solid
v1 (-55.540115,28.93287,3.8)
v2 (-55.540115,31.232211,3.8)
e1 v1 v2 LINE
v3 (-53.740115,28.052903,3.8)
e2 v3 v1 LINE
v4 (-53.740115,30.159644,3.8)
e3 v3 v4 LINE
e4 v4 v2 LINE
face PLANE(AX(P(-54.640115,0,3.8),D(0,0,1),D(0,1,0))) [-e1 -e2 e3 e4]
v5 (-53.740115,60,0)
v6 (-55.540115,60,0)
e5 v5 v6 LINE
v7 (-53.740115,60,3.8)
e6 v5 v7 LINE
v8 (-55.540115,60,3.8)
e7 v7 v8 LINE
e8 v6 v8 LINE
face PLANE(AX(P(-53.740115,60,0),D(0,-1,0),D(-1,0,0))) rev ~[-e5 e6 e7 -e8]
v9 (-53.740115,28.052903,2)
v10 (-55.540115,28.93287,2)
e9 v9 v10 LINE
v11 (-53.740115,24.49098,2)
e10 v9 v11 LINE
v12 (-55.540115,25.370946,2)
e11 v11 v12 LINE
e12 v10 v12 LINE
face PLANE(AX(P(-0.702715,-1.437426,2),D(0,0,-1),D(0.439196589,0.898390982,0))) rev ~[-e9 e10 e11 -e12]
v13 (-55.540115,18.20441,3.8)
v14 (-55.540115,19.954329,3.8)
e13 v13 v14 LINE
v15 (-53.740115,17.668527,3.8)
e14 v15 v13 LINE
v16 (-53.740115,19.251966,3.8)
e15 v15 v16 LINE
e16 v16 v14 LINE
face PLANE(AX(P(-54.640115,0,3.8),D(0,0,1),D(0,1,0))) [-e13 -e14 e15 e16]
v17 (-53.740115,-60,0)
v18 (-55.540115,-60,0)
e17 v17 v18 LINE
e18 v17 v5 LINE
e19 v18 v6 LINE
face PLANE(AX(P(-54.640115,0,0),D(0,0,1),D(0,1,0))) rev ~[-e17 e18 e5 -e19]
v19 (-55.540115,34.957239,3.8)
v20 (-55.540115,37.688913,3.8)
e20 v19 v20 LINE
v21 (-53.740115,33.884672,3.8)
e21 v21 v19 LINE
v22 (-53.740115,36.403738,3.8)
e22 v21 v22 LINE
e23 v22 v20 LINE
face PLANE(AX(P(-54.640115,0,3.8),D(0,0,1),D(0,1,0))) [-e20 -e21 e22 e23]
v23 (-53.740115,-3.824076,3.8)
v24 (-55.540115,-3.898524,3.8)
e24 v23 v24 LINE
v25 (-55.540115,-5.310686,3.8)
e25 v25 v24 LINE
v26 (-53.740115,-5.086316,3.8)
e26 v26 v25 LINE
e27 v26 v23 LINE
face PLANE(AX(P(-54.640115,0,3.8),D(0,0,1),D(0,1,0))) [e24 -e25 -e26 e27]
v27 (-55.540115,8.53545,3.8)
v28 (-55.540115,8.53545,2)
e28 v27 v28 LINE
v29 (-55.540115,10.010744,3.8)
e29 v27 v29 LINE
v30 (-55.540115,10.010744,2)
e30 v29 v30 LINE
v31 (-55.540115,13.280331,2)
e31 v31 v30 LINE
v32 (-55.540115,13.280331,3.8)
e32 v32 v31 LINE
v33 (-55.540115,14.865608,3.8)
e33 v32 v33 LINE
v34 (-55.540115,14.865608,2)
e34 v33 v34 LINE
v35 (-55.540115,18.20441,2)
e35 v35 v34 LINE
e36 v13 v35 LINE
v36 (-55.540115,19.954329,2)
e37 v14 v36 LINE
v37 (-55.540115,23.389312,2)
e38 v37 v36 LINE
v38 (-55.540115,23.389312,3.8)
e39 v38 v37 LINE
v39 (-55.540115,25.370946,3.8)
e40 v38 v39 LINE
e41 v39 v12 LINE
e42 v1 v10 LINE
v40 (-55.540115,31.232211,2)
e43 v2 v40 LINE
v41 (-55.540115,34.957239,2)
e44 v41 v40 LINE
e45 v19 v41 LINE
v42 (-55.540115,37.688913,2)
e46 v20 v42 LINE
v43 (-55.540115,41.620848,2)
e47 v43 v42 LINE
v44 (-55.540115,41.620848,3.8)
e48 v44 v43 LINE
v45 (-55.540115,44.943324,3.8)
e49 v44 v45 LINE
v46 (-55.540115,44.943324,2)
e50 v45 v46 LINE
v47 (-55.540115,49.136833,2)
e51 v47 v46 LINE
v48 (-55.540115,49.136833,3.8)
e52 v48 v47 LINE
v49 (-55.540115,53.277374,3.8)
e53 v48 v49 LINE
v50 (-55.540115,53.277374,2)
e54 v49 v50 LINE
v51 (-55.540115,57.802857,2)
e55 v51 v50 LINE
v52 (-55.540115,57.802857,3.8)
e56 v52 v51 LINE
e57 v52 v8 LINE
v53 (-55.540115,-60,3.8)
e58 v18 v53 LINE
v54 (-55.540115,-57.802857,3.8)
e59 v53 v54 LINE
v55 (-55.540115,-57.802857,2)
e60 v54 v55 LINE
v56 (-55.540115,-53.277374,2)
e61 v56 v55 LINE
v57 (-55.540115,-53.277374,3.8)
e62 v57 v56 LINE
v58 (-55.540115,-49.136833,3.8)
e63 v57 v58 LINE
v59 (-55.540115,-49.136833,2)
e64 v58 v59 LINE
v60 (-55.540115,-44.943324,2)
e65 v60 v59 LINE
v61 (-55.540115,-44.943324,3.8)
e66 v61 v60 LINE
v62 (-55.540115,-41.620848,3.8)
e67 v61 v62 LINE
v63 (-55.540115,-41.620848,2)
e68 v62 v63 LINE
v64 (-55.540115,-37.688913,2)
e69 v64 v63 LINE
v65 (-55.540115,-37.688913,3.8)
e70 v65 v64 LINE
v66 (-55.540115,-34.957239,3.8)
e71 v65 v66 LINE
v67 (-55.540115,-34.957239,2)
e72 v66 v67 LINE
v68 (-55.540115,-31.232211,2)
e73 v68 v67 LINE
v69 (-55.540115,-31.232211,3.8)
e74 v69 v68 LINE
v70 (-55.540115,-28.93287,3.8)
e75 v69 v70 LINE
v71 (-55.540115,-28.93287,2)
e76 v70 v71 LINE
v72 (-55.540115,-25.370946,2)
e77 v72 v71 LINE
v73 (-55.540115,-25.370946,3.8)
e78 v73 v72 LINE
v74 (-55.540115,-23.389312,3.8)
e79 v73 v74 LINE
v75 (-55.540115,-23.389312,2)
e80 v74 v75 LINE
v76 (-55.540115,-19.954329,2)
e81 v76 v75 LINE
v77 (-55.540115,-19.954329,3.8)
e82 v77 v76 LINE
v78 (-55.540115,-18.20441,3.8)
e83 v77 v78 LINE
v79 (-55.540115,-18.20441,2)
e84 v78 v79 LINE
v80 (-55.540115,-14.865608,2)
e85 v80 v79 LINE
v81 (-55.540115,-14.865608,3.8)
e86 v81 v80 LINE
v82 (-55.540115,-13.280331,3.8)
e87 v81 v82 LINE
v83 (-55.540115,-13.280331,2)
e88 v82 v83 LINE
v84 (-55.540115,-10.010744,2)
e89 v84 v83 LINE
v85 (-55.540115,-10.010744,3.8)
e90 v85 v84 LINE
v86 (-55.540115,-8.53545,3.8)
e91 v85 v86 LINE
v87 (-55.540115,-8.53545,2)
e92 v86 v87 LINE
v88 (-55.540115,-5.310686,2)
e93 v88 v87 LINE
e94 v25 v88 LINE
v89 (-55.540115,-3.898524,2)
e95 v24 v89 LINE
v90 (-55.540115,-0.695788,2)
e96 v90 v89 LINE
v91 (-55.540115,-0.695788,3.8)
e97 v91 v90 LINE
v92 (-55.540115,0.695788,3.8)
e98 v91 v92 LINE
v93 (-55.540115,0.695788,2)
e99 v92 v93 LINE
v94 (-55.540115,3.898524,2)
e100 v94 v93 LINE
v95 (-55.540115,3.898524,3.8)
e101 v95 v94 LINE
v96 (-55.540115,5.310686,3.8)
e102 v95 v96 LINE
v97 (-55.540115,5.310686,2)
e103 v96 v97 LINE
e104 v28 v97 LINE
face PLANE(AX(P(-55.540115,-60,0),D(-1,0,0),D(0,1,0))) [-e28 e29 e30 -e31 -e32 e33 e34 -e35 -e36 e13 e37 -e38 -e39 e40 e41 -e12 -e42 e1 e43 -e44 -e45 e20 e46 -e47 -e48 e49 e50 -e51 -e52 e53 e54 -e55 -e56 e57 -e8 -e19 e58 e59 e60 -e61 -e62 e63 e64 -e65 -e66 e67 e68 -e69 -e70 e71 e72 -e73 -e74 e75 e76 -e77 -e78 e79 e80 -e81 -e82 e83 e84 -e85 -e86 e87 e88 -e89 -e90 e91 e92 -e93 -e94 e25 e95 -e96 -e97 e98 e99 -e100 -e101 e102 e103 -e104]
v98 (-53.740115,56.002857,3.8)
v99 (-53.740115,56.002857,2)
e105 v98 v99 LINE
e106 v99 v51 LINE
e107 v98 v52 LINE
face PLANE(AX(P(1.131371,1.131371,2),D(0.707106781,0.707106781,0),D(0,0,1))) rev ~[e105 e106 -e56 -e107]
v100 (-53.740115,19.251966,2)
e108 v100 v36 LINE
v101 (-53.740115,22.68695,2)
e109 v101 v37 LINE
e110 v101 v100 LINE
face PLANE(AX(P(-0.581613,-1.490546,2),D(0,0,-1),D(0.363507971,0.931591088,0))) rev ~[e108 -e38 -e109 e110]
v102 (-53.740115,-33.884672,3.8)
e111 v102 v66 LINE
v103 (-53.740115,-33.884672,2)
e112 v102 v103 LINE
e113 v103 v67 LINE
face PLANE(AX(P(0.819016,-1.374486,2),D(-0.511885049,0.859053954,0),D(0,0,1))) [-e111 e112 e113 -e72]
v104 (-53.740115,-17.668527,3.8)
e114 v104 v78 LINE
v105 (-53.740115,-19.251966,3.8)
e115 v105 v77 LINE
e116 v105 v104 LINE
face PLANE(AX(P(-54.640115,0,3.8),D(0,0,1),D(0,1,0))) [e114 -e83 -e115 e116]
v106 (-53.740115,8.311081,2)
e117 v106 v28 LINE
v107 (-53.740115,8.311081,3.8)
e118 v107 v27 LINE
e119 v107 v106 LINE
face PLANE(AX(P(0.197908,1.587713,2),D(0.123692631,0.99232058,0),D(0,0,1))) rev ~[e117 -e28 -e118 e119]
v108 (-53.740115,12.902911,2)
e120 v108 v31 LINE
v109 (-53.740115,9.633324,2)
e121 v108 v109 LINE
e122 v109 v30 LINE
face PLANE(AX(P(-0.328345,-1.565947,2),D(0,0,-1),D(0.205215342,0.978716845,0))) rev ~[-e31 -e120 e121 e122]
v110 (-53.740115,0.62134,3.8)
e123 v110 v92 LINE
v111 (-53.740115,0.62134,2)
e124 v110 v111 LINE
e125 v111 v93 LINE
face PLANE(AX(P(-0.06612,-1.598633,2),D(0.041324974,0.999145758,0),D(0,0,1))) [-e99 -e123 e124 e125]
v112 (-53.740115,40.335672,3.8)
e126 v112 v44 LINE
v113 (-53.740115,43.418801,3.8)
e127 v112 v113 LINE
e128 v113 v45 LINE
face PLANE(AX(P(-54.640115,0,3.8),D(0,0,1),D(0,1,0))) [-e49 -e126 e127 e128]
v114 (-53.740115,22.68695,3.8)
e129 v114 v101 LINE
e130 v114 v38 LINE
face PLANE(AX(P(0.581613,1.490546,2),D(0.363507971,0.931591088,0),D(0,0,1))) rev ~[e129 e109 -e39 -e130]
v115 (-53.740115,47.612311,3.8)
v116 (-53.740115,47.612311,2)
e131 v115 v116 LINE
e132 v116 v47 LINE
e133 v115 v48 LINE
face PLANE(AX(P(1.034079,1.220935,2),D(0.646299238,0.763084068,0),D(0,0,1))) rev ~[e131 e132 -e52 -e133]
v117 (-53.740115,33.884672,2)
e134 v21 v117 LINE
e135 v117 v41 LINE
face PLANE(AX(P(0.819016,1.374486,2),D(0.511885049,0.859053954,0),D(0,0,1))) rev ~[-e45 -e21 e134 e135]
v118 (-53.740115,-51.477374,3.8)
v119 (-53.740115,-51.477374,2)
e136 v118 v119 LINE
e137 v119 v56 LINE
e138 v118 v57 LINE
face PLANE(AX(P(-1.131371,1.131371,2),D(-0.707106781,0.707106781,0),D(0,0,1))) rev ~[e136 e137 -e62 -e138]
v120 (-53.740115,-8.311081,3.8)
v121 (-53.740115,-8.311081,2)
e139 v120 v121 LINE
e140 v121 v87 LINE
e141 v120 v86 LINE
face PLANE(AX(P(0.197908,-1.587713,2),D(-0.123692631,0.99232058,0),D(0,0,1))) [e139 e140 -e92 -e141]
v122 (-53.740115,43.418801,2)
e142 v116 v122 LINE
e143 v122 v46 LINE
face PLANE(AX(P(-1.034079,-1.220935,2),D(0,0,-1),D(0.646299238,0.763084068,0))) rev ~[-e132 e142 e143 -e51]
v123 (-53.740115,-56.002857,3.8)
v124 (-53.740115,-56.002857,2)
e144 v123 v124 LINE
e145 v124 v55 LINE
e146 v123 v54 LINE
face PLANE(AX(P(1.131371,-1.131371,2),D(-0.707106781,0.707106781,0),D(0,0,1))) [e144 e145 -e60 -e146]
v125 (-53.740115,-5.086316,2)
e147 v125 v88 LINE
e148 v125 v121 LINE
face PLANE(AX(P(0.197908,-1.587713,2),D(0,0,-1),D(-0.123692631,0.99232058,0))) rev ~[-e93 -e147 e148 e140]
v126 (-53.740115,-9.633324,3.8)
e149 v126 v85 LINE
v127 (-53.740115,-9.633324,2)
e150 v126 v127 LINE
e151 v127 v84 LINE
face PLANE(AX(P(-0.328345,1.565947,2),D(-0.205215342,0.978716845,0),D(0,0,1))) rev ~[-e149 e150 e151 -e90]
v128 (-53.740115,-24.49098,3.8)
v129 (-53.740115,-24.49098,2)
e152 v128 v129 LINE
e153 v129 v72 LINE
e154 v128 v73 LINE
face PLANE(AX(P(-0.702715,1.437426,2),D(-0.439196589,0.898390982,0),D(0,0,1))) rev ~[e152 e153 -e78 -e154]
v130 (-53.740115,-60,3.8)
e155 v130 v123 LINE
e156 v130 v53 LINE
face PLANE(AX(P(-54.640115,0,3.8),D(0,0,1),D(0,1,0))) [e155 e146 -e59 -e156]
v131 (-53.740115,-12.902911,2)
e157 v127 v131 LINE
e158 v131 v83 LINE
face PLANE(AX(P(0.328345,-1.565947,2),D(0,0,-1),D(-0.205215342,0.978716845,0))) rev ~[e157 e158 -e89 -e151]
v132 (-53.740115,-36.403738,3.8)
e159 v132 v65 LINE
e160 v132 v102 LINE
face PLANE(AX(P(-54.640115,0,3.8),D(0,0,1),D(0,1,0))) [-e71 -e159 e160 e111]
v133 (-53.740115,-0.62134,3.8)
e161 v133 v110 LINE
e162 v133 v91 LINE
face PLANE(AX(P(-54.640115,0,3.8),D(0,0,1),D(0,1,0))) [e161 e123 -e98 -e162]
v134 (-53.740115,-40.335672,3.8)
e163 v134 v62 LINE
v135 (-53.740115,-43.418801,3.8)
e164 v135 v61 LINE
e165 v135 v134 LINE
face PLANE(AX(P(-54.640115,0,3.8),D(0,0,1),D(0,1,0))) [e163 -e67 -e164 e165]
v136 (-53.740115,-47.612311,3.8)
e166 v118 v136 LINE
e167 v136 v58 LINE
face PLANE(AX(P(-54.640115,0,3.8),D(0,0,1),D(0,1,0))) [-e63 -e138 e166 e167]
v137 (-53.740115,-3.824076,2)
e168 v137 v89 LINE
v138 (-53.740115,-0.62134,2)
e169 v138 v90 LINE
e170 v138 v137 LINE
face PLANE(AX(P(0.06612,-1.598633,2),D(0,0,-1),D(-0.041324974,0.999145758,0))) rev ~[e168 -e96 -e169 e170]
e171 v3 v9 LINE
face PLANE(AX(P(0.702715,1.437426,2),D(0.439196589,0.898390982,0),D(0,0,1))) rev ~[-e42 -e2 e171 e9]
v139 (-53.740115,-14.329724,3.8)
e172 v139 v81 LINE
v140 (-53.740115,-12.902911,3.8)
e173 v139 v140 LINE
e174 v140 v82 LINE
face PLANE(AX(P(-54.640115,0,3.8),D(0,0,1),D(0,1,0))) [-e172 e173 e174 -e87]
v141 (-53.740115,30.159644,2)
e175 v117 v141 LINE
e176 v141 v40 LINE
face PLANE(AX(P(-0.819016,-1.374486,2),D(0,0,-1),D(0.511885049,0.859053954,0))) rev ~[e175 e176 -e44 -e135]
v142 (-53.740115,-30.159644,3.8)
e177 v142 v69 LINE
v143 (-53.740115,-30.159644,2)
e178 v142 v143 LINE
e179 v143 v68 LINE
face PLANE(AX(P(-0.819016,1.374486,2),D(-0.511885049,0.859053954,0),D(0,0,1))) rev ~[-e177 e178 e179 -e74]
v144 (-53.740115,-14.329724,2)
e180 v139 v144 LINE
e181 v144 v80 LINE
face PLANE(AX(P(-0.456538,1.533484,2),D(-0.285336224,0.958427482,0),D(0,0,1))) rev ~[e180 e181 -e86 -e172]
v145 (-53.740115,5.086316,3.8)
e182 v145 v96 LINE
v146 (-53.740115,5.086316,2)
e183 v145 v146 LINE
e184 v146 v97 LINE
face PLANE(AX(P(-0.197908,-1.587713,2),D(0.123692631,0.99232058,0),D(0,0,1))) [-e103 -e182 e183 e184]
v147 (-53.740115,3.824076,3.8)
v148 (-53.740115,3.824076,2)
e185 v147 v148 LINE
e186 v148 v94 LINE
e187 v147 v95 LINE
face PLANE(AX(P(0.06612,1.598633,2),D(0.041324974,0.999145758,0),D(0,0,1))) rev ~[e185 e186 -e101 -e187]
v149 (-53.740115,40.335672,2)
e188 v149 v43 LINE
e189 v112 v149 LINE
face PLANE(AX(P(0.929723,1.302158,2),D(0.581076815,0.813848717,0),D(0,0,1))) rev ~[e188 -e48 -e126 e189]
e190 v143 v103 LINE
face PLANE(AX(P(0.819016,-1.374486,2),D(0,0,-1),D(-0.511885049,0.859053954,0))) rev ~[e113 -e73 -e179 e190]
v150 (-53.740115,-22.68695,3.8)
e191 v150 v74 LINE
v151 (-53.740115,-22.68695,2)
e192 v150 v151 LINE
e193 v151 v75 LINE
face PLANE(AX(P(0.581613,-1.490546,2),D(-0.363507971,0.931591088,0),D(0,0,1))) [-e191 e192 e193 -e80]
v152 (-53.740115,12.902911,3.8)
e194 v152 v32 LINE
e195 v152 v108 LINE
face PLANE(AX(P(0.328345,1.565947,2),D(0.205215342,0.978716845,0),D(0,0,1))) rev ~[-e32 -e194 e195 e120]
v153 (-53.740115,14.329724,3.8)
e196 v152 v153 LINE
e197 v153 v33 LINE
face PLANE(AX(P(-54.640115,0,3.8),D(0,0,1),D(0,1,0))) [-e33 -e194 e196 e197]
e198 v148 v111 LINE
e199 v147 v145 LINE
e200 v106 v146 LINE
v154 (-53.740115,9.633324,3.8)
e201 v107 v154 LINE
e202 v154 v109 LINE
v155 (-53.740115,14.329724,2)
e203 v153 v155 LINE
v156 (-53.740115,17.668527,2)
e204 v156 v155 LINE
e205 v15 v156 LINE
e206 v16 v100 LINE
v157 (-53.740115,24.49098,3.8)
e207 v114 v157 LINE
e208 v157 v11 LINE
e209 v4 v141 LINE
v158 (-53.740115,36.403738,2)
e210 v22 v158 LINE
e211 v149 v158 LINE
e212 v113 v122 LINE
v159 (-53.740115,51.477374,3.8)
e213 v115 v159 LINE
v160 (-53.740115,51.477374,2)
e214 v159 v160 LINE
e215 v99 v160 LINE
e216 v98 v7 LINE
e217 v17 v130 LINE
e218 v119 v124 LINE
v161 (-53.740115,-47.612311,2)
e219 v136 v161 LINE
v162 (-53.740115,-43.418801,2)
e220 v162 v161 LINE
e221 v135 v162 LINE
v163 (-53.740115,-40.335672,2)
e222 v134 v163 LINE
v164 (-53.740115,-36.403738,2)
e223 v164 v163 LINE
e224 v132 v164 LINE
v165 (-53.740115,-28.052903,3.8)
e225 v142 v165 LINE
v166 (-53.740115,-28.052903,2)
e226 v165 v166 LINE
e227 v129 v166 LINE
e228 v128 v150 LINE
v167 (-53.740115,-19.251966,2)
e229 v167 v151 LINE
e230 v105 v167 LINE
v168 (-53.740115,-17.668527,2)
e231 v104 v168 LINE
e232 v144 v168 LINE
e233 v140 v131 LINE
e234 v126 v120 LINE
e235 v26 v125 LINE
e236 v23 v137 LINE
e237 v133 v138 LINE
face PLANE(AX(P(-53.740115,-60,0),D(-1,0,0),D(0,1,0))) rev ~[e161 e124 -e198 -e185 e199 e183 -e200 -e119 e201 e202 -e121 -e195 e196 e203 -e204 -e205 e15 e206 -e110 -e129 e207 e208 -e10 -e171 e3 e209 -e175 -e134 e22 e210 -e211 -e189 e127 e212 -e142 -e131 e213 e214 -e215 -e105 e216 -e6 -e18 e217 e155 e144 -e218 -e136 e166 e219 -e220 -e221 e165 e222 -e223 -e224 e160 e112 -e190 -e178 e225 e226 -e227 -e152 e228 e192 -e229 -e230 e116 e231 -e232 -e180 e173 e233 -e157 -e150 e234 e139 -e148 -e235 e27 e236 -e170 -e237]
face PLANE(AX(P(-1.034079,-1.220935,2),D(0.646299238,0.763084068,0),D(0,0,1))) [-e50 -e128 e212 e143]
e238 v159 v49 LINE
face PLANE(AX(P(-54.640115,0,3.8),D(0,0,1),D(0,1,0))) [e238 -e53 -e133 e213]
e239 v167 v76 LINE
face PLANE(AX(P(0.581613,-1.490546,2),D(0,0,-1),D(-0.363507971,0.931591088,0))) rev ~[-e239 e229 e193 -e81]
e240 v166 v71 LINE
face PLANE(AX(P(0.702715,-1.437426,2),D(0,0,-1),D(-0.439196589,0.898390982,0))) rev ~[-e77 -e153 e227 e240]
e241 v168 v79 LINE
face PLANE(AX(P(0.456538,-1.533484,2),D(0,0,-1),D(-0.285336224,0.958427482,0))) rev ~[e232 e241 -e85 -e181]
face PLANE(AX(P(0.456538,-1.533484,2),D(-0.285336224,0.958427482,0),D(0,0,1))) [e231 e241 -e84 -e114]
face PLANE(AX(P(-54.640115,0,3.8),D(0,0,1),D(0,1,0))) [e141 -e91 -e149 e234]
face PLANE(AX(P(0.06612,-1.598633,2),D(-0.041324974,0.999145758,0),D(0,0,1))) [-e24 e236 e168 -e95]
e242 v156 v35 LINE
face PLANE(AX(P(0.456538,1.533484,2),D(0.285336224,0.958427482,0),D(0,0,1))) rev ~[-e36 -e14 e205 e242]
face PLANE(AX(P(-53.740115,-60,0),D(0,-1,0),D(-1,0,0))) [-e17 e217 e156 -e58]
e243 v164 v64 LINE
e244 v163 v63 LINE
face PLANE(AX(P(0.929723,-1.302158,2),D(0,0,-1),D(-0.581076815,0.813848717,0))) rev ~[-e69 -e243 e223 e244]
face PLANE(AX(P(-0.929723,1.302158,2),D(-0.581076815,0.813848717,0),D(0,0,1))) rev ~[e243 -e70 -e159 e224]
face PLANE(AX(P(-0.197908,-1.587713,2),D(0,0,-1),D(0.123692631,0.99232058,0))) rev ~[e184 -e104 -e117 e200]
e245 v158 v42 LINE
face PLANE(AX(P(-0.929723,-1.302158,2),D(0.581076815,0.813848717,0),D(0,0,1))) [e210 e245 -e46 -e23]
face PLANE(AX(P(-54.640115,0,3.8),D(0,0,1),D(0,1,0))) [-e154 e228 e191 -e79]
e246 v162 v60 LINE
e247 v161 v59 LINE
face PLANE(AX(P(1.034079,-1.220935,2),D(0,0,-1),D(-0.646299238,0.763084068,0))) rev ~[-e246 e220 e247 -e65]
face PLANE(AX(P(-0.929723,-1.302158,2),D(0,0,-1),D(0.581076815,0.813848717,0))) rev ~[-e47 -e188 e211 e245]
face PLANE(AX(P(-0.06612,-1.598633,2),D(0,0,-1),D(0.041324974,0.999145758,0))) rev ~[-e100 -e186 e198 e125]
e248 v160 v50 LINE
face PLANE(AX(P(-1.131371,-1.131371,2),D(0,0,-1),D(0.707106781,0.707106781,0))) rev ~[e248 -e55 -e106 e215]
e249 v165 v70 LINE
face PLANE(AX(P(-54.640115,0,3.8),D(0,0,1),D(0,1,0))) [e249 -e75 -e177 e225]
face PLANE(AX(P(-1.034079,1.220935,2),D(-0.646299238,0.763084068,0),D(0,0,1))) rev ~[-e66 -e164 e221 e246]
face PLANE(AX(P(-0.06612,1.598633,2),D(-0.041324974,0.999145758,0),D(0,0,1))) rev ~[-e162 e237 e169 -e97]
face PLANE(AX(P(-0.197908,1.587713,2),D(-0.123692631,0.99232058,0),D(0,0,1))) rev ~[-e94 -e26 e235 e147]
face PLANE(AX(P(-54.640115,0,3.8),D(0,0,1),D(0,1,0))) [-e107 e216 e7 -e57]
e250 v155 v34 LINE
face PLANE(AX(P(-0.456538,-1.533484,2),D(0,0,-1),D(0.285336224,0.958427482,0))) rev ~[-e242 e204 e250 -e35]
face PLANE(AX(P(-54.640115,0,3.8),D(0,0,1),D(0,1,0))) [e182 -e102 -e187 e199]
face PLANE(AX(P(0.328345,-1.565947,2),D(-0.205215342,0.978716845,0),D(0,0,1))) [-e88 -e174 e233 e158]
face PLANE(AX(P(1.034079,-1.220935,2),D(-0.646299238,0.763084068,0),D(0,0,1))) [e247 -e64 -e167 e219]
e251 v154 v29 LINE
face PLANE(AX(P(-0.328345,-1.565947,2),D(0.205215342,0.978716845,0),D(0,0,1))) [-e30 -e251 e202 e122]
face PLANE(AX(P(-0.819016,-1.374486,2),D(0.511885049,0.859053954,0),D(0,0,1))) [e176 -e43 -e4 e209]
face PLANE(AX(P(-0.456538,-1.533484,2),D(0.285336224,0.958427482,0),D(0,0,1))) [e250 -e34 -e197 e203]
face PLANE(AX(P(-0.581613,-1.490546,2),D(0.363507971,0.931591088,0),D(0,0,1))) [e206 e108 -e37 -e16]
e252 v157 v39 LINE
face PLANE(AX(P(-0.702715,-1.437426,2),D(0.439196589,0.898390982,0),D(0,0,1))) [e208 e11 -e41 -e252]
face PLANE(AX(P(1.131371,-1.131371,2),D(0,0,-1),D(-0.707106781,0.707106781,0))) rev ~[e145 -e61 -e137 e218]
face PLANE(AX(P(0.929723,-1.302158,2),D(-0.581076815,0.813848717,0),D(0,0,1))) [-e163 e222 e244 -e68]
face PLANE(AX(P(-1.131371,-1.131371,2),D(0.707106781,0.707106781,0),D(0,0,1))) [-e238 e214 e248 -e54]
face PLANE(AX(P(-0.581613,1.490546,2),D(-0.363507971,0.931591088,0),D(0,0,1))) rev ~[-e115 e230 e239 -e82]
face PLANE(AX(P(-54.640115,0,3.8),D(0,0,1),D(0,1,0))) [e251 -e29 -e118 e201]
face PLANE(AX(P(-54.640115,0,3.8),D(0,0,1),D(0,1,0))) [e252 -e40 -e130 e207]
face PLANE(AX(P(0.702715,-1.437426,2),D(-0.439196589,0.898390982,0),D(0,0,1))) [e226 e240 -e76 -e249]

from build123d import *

# Parameters (mm, degrees)
SKETCH_W             = 120
SKETCH_H             = 1.8
PAD_DEPTH            = 3.8
SKETCH001_W          = 3.2
SKETCH001_H          = 3
POCKET_DEPTH         = 325.418725
POLARPATTERN_COUNT   = 20
POLARPATTERN_ANGLE   = 90
BODY_PLACEMENT_ANGLE = 45


with BuildPart() as part:
    # Sketch → Pad (new body)
    with BuildSketch(Plane(origin=(-38, 38, 0), x_dir=(0.707107, 0.707107, 0), z_dir=(0, 0, 1))):
        with Locations((0, 0.9)):
            Rectangle(SKETCH_W, SKETCH_H)
    extrude(amount=PAD_DEPTH)

    # Sketch001 → Pocket (cut, through all)
    with BuildSketch(Plane.XZ):
        with Locations((0, 3.5)):
            Rectangle(SKETCH001_W, SKETCH001_H)
    pocket = extrude(amount=-POCKET_DEPTH, mode=Mode.SUBTRACT)

    # PolarPattern: Pocket ×20 about axis
    polarpattern_axis = Axis((0, 0, 0), (0, 0, 1))
    for i in range(1, POLARPATTERN_COUNT):
        add(pocket.rotate(polarpattern_axis, i * POLARPATTERN_ANGLE / (POLARPATTERN_COUNT - 1)), mode=Mode.SUBTRACT)


with BuildPart() as part_1:
    # Body placement: moved
    add(part.part.rotate(Axis((0, 0, 0), (0, 0, 1)), BODY_PLACEMENT_ANGLE))


solid = part_1.part
